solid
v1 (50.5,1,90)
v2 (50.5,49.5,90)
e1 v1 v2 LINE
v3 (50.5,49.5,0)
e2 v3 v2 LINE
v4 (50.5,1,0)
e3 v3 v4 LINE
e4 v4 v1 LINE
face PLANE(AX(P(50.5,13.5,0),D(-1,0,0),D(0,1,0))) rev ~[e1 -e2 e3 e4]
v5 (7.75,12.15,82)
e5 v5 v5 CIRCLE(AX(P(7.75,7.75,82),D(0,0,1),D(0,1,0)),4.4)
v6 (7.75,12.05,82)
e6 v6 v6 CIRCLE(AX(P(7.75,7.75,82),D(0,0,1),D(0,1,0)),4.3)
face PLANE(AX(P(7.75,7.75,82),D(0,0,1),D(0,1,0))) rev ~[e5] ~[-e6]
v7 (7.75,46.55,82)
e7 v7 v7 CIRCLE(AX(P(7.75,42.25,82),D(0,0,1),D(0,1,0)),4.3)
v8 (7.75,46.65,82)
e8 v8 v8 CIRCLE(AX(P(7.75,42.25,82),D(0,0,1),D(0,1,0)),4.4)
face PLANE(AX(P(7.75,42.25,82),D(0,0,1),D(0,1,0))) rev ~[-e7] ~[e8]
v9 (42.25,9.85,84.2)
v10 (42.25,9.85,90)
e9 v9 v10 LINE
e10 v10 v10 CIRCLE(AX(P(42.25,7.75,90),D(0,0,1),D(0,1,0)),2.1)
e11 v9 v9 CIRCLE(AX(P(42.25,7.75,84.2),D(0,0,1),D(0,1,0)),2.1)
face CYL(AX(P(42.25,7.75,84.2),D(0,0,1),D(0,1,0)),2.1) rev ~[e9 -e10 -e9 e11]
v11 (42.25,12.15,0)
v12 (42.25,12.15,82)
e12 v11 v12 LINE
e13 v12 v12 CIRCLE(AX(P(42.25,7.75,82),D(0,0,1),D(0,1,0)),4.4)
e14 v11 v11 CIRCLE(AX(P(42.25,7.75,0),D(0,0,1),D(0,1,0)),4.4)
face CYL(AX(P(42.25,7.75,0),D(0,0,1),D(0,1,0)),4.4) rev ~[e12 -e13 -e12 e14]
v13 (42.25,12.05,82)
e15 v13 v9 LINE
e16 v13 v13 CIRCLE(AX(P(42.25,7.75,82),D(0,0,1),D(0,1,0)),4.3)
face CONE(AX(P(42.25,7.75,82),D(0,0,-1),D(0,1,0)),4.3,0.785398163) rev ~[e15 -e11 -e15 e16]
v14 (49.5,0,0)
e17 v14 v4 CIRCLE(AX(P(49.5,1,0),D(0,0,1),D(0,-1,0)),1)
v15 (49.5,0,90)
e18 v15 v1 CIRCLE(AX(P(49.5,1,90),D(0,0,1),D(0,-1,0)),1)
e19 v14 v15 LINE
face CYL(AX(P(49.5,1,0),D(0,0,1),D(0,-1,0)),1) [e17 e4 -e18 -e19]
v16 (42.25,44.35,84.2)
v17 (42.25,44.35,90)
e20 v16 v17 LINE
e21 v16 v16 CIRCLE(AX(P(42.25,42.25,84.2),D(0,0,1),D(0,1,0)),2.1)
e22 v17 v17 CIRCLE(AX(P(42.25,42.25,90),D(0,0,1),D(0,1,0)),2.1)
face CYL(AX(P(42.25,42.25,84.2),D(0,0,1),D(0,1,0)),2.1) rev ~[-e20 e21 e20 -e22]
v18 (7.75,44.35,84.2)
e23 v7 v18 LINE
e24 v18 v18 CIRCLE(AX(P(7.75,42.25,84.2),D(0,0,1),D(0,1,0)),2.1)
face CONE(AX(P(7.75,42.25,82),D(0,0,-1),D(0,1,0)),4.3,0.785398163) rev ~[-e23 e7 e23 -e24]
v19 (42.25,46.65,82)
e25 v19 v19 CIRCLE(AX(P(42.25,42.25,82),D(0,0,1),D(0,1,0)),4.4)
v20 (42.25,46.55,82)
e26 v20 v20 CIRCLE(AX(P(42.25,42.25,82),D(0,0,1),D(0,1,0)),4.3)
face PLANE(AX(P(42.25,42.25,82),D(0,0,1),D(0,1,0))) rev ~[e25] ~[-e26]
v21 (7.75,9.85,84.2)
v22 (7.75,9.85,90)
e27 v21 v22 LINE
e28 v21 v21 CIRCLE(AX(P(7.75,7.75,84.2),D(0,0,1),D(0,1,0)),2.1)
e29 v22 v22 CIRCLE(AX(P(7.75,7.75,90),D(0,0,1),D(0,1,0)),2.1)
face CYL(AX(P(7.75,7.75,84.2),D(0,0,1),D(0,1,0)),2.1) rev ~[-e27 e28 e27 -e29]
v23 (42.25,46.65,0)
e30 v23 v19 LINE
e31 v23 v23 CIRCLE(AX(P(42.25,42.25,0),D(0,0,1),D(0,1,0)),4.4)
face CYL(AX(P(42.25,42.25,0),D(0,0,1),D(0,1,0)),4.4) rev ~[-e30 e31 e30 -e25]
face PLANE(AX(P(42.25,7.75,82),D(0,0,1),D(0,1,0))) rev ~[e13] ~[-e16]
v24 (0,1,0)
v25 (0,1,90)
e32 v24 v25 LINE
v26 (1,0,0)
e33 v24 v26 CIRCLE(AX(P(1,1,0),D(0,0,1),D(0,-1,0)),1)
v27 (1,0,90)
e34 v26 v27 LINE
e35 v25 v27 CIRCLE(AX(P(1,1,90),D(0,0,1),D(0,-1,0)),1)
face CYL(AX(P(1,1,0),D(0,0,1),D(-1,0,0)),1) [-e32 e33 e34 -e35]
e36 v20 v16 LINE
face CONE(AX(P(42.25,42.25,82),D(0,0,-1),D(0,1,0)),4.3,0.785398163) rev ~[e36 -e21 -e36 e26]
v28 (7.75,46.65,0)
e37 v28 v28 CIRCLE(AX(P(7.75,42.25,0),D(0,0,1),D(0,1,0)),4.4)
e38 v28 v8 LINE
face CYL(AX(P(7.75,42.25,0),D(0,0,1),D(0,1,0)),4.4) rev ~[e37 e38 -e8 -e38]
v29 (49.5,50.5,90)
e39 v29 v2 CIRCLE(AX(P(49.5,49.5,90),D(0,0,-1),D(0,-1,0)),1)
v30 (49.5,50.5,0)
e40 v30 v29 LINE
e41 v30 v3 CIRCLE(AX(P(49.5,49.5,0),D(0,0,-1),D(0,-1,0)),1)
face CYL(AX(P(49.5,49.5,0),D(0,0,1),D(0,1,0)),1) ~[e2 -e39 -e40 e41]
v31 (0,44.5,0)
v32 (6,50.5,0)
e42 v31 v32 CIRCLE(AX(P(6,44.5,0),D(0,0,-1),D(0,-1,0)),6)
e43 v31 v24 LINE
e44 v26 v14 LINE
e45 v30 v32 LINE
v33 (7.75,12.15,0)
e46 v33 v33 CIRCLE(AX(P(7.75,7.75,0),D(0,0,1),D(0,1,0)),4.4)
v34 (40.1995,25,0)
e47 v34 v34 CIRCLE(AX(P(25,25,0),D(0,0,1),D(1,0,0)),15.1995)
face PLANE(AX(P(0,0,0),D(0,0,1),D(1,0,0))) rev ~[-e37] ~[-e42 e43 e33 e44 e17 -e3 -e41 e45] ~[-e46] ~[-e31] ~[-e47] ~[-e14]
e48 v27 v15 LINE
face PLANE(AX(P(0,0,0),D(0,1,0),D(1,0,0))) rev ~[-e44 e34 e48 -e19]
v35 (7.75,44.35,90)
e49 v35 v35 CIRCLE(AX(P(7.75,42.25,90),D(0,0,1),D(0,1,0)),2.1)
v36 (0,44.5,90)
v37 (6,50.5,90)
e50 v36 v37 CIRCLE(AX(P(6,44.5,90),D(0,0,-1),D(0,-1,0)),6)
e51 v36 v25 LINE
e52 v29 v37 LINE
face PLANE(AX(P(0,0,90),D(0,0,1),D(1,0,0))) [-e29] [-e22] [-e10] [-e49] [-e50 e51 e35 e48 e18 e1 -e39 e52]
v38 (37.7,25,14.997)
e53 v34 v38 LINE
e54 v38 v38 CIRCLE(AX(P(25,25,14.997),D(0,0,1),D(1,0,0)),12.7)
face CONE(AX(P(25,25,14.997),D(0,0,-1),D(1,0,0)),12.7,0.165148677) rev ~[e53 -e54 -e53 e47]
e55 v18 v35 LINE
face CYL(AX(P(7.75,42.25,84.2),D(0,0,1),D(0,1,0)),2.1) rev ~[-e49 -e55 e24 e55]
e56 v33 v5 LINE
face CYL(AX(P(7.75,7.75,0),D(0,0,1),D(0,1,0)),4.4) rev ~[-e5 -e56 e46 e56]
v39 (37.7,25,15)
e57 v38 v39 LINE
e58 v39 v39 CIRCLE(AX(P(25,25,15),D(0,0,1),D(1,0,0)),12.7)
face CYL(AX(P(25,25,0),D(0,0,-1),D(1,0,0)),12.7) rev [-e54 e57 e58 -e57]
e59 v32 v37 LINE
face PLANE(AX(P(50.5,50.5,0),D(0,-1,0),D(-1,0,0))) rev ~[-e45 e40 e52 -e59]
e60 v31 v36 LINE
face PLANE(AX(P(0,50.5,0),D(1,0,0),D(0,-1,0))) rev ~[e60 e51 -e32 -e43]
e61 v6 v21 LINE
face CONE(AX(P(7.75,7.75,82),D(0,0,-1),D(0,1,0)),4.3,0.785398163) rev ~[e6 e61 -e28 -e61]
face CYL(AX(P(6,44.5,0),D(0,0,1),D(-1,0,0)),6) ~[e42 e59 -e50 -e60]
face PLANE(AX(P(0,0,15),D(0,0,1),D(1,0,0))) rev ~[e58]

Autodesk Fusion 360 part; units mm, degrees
sketch "Skizze1" plane through (0, 0, 0) normal (0, 0, 1) x (1, 0, 0)
  line L0 (0, 0) -> (50.5, 0)
  line L1 (50.5, 0) -> (50.5, 50.5)
  line L2 (50.5, 50.5) -> (0, 50.5)
  line L3 (0, 50.5) -> (0, 0)
  line L4 (50.5, 0) -> (50.5, 5)
  line L5 (50.5, 5) -> (50.5, 8.5)
  line L6 (50.5, 8.5) -> (50.5, 13.5)
  circle A0 centre (25, 25) radius 12.7
  line L7 (42.25, 42.25) -> (7.75, 42.25)
  line L8 (7.75, 42.25) -> (7.75, 7.75)
  line L9 (7.75, 7.75) -> (42.25, 7.75)
  line L10 (42.25, 7.75) -> (42.25, 42.25)
  line L11 (42.25, 42.25) -> (7.75, 7.75) construction
  line L12 (7.75, 42.25) -> (42.25, 7.75) construction
  point P0 (25, 25)
  dimension "d1" = 50.5
  dimension "d2" = 50.5
  dimension "d17" = 25.4
  dimension "d18" = 34.5
  dimension "d19" = 34.5
extrude "Extrusion1" add sketch "Skizze1" along normal blind 90 contours L0 L1 L2 L3 L4 L5 L6 | A0 | L7 L8 L9 L10
extrude "Extrusion2" cut sketch "Skizze1" along normal blind 15 contours A0
chamfer "Fase1" distance 2.5 distance2 15 1 edges at (13.1594, 20.4075, 0) measured on face at (25.483, 46.2215, 0)
sketch "Skizze2" plane through (0, 0, 0) normal (0, 0, -1) x (1, 0, 0)
  line L0 (0, 0) -> (0, -50.5)
  line L1 (0, -50.5) -> (50.5, -50.5)
  line L2 (50.5, -50.5) -> (50.5, 0)
  line L3 (50.5, 0) -> (0, 0)
  circle A0 centre (25, -25) radius 15.2
  line L4 (42.25, -7.75) -> (7.75, -7.75)
  line L5 (7.75, -7.75) -> (7.75, -42.25)
  line L6 (7.75, -42.25) -> (42.25, -42.25)
  line L7 (42.25, -42.25) -> (42.25, -7.75)
  line L8 (42.25, -7.75) -> (7.75, -42.25) construction
  line L9 (7.75, -7.75) -> (42.25, -42.25) construction
  point P0 (25, -25)
  dimension "d26" = 34.5
  dimension "d27" = 34.5
hole "Bohrung1" at (7.75, 7.75, 0) at (7.75, 42.25, 0) at (42.25, 42.25, 0) at (42.25, 7.75, 0) direction (0, 0, 1) diameter 8.8 depth 82 tip angle 180
hole "Bohrung2" at (7.75, 42.25, 82) direction (0, 0, 1) diameter 4.2 depth 82 tip angle 180 countersink diameter 8.6 countersink angle 90
hole "Bohrung3" at (7.75, 7.75, 82) direction (0, 0, 1) diameter 4.2 depth 82 tip angle 180 countersink diameter 8.6 countersink angle 90
hole "Bohrung4" at (42.25, 7.75, 82) direction (0, 0, 1) diameter 4.2 depth 82 tip angle 180 countersink diameter 8.6 countersink angle 90
hole "Bohrung5" at (42.25, 42.25, 82) direction (0, 0, 1) diameter 4.2 depth 82 tip angle 180 countersink diameter 8.6 countersink angle 90
fillet "Fillet3" radius 6 1 edges at (0, 50.5, 45)
fillet "Fillet4" radius 1 3 edges at (0, 0, 45) (50.5, 0, 45) (50.5, 50.5, 45)
